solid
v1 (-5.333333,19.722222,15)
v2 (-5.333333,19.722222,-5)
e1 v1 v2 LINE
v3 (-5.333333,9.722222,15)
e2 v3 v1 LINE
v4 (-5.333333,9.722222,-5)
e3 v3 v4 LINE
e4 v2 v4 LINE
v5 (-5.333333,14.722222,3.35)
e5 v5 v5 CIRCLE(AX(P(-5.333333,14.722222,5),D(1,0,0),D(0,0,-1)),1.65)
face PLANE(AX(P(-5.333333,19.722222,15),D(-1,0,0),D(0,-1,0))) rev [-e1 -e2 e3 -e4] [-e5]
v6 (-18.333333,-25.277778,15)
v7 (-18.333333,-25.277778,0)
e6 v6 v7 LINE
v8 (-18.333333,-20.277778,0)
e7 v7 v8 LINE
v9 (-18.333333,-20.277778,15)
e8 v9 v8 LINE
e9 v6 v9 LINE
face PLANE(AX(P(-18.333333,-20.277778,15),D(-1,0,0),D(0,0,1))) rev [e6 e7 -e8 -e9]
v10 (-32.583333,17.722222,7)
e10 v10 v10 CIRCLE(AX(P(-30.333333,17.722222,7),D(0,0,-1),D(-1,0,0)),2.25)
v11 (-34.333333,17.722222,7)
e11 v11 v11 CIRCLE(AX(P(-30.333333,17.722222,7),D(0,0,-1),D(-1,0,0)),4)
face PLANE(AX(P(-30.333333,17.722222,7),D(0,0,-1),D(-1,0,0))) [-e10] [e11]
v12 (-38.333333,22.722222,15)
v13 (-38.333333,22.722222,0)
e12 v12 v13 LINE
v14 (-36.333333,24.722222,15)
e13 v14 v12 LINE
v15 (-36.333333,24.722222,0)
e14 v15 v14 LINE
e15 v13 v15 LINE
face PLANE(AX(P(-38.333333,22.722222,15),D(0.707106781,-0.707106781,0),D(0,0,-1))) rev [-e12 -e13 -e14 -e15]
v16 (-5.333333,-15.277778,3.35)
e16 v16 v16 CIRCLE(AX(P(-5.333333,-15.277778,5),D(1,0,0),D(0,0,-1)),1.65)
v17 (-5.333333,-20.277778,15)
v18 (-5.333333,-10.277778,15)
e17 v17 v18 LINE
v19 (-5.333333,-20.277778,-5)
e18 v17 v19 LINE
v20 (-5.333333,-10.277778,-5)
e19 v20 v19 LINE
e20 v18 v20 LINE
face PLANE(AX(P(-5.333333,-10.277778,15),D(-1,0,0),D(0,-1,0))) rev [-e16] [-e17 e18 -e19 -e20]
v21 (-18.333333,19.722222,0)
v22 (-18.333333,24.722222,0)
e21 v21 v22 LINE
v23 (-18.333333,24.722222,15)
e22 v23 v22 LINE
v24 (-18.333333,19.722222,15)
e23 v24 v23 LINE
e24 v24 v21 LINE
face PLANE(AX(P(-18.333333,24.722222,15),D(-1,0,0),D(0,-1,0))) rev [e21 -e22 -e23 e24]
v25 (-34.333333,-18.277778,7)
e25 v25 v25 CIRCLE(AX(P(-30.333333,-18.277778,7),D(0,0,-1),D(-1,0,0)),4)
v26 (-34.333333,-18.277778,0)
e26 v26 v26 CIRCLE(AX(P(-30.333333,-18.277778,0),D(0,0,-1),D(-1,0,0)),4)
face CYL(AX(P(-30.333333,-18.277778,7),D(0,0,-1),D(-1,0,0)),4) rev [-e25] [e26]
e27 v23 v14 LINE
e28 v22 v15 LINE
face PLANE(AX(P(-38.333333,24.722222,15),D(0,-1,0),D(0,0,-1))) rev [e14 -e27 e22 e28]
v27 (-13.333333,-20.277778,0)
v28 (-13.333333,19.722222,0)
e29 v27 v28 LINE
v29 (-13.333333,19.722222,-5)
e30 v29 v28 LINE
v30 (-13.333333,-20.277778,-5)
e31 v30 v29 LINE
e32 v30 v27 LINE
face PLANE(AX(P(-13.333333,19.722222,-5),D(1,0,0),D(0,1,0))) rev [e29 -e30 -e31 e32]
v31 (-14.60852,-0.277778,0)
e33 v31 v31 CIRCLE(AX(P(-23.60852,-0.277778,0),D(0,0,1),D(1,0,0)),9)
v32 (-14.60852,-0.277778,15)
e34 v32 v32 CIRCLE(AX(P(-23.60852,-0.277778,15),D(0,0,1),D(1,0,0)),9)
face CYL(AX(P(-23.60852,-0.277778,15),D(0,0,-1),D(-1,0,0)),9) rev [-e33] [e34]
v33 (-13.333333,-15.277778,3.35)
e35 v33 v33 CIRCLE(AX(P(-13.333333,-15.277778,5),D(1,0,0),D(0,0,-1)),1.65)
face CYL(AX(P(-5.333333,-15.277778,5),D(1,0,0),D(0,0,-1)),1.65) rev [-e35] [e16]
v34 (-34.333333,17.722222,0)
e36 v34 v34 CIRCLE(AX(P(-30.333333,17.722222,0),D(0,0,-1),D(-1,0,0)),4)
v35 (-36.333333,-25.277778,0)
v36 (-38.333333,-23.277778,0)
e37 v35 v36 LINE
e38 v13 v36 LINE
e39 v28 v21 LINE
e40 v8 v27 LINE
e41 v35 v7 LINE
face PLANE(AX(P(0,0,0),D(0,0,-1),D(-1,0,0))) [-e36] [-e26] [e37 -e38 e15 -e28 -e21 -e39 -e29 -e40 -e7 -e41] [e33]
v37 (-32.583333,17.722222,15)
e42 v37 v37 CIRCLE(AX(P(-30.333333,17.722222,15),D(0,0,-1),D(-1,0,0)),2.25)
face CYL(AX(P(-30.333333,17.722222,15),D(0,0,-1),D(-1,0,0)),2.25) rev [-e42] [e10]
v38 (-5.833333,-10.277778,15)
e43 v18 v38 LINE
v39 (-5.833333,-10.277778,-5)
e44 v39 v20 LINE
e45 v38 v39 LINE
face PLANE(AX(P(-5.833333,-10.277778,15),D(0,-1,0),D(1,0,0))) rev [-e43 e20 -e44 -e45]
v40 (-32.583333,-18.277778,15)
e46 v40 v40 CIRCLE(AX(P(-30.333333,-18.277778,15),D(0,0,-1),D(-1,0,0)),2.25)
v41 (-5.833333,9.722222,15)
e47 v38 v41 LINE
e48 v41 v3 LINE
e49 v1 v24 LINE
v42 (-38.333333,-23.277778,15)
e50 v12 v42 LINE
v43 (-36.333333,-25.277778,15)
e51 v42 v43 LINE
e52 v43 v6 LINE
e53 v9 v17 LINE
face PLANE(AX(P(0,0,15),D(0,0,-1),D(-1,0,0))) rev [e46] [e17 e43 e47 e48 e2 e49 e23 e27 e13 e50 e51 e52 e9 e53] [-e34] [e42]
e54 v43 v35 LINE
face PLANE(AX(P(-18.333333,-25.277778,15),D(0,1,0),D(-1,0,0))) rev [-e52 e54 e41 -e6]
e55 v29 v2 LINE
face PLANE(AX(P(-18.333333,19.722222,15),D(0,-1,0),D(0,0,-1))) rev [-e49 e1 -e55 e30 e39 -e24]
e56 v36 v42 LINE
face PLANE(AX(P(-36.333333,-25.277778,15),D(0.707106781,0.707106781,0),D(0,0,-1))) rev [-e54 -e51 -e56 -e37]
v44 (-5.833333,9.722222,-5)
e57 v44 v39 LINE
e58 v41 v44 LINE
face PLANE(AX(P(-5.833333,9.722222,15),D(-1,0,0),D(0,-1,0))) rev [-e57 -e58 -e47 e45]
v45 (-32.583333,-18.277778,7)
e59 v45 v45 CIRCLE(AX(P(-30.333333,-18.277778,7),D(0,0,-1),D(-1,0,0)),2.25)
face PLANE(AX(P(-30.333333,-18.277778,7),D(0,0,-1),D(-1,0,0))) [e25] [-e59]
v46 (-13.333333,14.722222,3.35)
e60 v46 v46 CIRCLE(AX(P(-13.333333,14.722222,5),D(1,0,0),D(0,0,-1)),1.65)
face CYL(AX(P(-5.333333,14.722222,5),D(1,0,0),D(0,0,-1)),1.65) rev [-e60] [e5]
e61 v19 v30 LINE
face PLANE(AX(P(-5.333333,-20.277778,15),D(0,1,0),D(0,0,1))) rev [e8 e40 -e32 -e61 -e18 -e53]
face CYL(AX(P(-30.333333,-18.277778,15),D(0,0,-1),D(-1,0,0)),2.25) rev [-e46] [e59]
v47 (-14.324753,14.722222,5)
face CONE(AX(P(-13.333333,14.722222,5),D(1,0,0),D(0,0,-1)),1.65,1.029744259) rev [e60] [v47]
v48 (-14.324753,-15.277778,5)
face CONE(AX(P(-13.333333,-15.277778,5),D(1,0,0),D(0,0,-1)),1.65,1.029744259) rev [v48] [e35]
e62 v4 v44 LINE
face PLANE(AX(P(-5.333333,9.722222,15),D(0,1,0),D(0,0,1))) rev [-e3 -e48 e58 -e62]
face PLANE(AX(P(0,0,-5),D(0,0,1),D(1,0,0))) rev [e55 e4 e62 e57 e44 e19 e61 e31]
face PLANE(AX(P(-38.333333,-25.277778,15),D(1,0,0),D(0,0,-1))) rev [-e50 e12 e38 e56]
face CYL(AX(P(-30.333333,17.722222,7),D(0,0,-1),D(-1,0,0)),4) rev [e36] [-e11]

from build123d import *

# Parameters (mm, degrees)
SKETCH4_R             = 9
BOSS_EXTRUDE1_DEPTH   = 15
SKETCH5_R             = 4
CUT_EXTRUDE1_DEPTH    = 7
SKETCH6_R             = 2.25
CUT_EXTRUDE2_DEPTH    = 9
BOSS_EXTRUDE3_DEPTH   = 5
CHAMFER1_SIZE         = 2
M4_TAPPED_HOLE1_D     = 3.3
M4_TAPPED_HOLE1_DEPTH = 8
M4_TAPPED_HOLE1_TIP   = 0.991420021


with BuildPart() as part:
    # Sketch4 → Boss-Extrude1 (new body)
    with BuildSketch(Plane.XY):
        Polygon((-38.333333333, -25.277777778), (-38.333333333, 24.722222222), (-18.333333333, 24.722222222), (-18.333333333, 19.722222222), (-5.333333333, 19.722222222), (-5.333333333, 9.722222222), (-5.833333333, 9.722222222), (-5.833333333, -10.277777778), (-5.333333333, -10.277777778), (-5.333333333, -20.277777778), (-18.333333333, -20.277777778), (-18.333333333, -25.277777778), align=None)
        with Locations((-23.608519649, -0.277777778)):
            Circle(SKETCH4_R, mode=Mode.SUBTRACT)
    extrude(amount=BOSS_EXTRUDE1_DEPTH)

    # Sketch5 → Cut-Extrude1 (cut)
    with BuildSketch(Plane(origin=(0, 0, 0), x_dir=(-1, 0, 0), z_dir=(0, 0, -1))):
        with Locations((30.333333333, 17.722222222)):
            Circle(SKETCH5_R)
        with Locations((30.333333333, -18.277777778)):
            Circle(SKETCH5_R)
    extrude(amount=-CUT_EXTRUDE1_DEPTH, mode=Mode.SUBTRACT)

    # Sketch6 → Cut-Extrude2 (cut, through all)
    with BuildSketch(Plane(origin=(0, 0, 7), x_dir=(-1, 0, 0), z_dir=(0, 0, -1))):
        with Locations((30.333333333, 17.722222222)):
            Circle(SKETCH6_R)
        with Locations((30.333333333, -18.277777778)):
            Circle(SKETCH6_R)
    extrude(amount=-CUT_EXTRUDE2_DEPTH, mode=Mode.SUBTRACT)

    # Sketch9 → Boss-Extrude3 (add)
    with BuildSketch(Plane(origin=(0, 0, 0), x_dir=(-1, 0, 0), z_dir=(0, 0, -1))):
        Polygon((13.333333333, -20.277777778), (5.333333333, -20.277777778), (5.333333333, -10.277777778), (5.833333333, -10.277777778), (5.833333333, 9.722222222), (5.333333333, 9.722222222), (5.333333333, 19.722222222), (13.333333333, 19.722222222), align=None)
    extrude(amount=BOSS_EXTRUDE3_DEPTH)

    # Chamfer1
    chamfer1_edges = [part.edges().sort_by_distance(p)[0] for p in [
        (-38.333333333, -25.277777778, 7.5),
        (-38.333333333, 24.722222222, 7.5),
    ]]
    chamfer(chamfer1_edges, length=CHAMFER1_SIZE)

    # M4 Tapped Hole1
    with Locations(Plane(origin=(-5.333333333, 0, 0), x_dir=(0, 0, -1), z_dir=(1, 0, 0))):
        with Locations((-5, 14.722222222), (-5, -15.277777778)):
            Hole(M4_TAPPED_HOLE1_D / 2, depth=M4_TAPPED_HOLE1_DEPTH)
            with Locations((0, 0, -(M4_TAPPED_HOLE1_DEPTH + M4_TAPPED_HOLE1_TIP / 2))):  # 118° drill point
                Cone(0, M4_TAPPED_HOLE1_D / 2, M4_TAPPED_HOLE1_TIP, mode=Mode.SUBTRACT)


solid = part.part
